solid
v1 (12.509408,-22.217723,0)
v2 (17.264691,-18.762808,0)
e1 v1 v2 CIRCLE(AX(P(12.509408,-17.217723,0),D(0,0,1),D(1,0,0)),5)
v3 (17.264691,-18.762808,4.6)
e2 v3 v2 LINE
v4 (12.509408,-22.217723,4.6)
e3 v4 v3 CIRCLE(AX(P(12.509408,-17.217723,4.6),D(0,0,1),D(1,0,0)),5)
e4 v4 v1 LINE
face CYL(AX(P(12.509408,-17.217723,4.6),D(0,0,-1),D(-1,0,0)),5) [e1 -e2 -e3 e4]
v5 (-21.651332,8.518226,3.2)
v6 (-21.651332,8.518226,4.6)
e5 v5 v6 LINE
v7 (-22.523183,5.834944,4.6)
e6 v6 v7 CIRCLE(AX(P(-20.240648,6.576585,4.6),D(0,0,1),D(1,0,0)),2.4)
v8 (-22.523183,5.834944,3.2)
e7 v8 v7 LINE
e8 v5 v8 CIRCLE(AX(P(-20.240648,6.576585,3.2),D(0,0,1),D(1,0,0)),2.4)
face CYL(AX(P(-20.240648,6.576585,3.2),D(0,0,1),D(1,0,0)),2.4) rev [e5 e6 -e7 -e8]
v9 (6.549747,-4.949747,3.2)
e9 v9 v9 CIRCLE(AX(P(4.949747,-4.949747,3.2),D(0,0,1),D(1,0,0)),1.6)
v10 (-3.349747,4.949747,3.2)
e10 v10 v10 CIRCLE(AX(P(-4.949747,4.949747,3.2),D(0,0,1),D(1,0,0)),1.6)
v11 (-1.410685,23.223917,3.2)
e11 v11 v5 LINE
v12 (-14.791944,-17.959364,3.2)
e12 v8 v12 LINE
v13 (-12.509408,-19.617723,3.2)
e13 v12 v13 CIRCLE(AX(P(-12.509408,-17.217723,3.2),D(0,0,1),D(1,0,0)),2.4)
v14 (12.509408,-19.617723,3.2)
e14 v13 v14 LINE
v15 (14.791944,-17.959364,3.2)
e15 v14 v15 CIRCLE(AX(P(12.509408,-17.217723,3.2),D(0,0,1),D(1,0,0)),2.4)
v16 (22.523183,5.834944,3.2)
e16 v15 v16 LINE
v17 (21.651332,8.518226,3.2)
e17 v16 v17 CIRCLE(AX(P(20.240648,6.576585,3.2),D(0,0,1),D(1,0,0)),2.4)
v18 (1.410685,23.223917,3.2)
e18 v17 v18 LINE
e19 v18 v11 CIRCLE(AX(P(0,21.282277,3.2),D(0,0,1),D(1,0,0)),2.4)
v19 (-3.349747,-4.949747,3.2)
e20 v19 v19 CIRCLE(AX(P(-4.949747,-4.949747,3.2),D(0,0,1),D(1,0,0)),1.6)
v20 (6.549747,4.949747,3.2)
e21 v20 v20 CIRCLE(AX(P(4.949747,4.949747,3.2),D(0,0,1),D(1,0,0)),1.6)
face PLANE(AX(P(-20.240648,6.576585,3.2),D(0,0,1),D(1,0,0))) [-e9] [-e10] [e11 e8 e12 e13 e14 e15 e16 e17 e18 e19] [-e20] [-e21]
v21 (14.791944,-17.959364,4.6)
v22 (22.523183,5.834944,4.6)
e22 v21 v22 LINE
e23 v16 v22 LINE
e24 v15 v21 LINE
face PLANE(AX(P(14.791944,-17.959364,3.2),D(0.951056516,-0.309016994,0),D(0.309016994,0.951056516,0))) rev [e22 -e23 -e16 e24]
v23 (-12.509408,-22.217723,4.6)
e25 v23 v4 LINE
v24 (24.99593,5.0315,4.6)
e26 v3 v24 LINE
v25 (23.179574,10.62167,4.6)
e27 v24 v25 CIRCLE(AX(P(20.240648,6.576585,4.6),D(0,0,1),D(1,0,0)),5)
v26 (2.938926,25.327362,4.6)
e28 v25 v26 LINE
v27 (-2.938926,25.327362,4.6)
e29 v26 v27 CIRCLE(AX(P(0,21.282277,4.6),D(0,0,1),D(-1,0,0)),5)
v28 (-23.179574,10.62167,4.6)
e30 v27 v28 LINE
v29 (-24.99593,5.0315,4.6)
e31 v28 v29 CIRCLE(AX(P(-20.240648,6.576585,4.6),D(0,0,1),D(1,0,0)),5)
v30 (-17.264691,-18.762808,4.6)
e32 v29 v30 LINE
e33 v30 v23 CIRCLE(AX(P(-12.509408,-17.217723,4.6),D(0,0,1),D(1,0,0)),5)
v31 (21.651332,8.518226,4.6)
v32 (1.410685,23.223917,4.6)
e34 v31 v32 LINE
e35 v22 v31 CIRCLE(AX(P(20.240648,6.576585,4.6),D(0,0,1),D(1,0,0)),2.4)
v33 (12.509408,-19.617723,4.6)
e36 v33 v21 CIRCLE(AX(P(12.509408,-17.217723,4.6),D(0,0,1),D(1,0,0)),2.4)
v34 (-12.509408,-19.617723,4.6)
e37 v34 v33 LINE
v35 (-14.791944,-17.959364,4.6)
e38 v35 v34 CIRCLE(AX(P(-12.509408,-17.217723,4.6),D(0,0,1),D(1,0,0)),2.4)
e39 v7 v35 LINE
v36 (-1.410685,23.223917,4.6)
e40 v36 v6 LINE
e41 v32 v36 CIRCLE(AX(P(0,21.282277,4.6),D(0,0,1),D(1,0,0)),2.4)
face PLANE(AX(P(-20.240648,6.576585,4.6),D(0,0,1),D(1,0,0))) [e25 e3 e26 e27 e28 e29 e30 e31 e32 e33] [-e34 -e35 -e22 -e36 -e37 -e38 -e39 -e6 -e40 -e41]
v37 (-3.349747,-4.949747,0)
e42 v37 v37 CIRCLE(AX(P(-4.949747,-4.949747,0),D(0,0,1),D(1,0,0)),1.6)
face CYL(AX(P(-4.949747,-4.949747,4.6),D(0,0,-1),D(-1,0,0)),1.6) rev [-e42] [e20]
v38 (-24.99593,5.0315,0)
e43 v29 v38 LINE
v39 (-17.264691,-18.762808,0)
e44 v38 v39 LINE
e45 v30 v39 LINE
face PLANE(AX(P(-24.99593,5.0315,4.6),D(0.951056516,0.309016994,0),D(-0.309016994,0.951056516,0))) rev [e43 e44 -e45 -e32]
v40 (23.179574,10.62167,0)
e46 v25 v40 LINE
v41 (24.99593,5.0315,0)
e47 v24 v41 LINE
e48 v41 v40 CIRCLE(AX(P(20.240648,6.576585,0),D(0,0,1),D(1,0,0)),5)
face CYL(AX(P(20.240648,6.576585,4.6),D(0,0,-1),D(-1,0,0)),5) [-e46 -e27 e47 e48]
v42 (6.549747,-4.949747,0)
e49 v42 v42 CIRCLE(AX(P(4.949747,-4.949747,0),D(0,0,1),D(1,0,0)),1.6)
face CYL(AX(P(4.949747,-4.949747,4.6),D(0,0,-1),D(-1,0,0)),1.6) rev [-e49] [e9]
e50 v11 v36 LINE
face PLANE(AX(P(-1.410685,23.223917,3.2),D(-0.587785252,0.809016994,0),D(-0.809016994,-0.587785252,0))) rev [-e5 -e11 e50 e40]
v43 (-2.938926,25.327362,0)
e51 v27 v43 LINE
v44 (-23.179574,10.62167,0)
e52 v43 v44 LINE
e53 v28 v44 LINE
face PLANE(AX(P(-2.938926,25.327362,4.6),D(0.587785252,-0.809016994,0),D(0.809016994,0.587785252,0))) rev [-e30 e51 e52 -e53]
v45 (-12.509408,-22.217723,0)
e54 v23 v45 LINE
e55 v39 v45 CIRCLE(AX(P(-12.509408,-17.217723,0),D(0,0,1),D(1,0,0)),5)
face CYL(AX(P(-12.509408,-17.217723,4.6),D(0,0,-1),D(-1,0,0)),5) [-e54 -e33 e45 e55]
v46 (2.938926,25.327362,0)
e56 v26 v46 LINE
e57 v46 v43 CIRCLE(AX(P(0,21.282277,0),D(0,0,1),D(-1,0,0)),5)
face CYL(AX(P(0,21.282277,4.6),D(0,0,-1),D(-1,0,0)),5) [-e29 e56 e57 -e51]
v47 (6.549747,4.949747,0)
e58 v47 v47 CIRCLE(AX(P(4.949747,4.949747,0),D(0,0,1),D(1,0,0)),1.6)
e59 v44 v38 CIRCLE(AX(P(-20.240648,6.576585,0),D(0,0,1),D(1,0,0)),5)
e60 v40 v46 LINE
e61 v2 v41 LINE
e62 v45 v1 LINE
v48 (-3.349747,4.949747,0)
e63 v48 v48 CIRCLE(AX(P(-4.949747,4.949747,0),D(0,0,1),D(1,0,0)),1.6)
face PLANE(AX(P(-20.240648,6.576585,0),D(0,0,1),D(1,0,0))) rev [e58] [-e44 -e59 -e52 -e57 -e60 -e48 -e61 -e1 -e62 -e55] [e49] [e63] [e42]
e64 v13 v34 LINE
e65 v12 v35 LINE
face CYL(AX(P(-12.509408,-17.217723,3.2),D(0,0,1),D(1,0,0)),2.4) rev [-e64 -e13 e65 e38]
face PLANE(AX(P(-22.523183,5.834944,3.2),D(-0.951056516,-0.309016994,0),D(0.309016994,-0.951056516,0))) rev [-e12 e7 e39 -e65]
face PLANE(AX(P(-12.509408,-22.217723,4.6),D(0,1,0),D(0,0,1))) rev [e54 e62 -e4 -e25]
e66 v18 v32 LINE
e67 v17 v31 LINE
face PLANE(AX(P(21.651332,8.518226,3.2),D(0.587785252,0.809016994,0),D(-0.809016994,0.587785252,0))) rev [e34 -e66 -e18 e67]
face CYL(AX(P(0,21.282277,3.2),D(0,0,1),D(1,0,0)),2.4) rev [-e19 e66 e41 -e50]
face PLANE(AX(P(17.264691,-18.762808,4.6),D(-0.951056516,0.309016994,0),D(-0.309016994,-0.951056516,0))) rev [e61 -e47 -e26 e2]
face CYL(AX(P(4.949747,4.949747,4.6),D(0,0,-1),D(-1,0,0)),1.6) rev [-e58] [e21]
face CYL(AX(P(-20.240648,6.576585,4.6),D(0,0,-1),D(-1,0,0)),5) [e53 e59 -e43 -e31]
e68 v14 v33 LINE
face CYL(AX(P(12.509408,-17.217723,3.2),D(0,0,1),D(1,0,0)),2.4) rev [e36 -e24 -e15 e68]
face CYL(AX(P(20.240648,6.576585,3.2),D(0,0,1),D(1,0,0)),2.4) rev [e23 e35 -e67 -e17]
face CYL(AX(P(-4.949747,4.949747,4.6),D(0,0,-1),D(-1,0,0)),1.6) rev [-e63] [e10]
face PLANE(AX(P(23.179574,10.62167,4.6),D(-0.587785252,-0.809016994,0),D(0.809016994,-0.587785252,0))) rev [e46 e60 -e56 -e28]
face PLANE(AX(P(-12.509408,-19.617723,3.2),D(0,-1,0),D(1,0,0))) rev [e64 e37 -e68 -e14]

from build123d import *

# Parameters (mm, degrees)
SKETCH1_R           = 1.6
BOSS_EXTRUDE1_DEPTH = 4.6
CUT_EXTRUDE2_DEPTH  = 1.4


with BuildPart() as part:
    # Sketch1 → Boss-Extrude1 (new body)
    with BuildSketch(Plane.XY):
        with BuildLine():
            Line((-2.938926261, 25.327361545), (-23.179574078, 10.621670112))
            ThreePointArc((-23.179574078, 10.621670112), (-24.995930398, 8.121670112), (-24.995930398, 5.031500168))
            Line((-24.995930398, 5.031500168), (-17.264690886, -18.762808399))
            ThreePointArc((-17.264690886, -18.762808399), (-15.448334566, -21.262808399), (-12.509408305, -22.217723427))
            Line((-12.509408305, -22.217723427), (12.509408305, -22.217723427))
            ThreePointArc((12.509408305, -22.217723427), (15.448334566, -21.262808399), (17.264690886, -18.762808399))
            Line((17.264690886, -18.762808399), (24.995930398, 5.031500168))
            ThreePointArc((24.995930398, 5.031500168), (24.995930398, 8.121670112), (23.179574078, 10.621670112))
            Line((23.179574078, 10.621670112), (2.938926261, 25.327361545))
            ThreePointArc((2.938926261, 25.327361545), (0, 26.282276573), (-2.938926261, 25.327361545))
        make_face()
        with Locations((-4.949747468, 4.949747468)):
            Circle(SKETCH1_R, mode=Mode.SUBTRACT)
        with Locations((4.949747468, 4.949747468)):
            Circle(SKETCH1_R, mode=Mode.SUBTRACT)
        with Locations((4.949747468, -4.949747468)):
            Circle(SKETCH1_R, mode=Mode.SUBTRACT)
        with Locations((-4.949747468, -4.949747468)):
            Circle(SKETCH1_R, mode=Mode.SUBTRACT)
    extrude(amount=BOSS_EXTRUDE1_DEPTH)

    # Sketch3 → Cut-Extrude2 (cut)
    with BuildSketch(Plane.XY.offset(4.6)):
        with BuildLine():
            Line((-22.523183456, 5.834944354), (-14.791943944, -17.959364213))
            ThreePointArc((-14.791943944, -17.959364213), (-13.92009291, -19.159364213), (-12.509408305, -19.617723427))
            Line((-12.509408305, -19.617723427), (12.509408305, -19.617723427))
            ThreePointArc((12.509408305, -19.617723427), (13.92009291, -19.159364213), (14.791943944, -17.959364213))
            Line((14.791943944, -17.959364213), (22.523183456, 5.834944354))
            ThreePointArc((22.523183456, 5.834944354), (22.523183456, 7.318225927), (21.651332422, 8.518225927))
            Line((21.651332422, 8.518225927), (1.410684606, 23.22391736))
            ThreePointArc((1.410684606, 23.22391736), (0, 23.682276573), (-1.410684606, 23.22391736))
            Line((-1.410684606, 23.22391736), (-21.651332422, 8.518225927))
            ThreePointArc((-21.651332422, 8.518225927), (-22.523183456, 7.318225927), (-22.523183456, 5.834944354))
        make_face()
    extrude(amount=-CUT_EXTRUDE2_DEPTH, mode=Mode.SUBTRACT)


solid = part.part
